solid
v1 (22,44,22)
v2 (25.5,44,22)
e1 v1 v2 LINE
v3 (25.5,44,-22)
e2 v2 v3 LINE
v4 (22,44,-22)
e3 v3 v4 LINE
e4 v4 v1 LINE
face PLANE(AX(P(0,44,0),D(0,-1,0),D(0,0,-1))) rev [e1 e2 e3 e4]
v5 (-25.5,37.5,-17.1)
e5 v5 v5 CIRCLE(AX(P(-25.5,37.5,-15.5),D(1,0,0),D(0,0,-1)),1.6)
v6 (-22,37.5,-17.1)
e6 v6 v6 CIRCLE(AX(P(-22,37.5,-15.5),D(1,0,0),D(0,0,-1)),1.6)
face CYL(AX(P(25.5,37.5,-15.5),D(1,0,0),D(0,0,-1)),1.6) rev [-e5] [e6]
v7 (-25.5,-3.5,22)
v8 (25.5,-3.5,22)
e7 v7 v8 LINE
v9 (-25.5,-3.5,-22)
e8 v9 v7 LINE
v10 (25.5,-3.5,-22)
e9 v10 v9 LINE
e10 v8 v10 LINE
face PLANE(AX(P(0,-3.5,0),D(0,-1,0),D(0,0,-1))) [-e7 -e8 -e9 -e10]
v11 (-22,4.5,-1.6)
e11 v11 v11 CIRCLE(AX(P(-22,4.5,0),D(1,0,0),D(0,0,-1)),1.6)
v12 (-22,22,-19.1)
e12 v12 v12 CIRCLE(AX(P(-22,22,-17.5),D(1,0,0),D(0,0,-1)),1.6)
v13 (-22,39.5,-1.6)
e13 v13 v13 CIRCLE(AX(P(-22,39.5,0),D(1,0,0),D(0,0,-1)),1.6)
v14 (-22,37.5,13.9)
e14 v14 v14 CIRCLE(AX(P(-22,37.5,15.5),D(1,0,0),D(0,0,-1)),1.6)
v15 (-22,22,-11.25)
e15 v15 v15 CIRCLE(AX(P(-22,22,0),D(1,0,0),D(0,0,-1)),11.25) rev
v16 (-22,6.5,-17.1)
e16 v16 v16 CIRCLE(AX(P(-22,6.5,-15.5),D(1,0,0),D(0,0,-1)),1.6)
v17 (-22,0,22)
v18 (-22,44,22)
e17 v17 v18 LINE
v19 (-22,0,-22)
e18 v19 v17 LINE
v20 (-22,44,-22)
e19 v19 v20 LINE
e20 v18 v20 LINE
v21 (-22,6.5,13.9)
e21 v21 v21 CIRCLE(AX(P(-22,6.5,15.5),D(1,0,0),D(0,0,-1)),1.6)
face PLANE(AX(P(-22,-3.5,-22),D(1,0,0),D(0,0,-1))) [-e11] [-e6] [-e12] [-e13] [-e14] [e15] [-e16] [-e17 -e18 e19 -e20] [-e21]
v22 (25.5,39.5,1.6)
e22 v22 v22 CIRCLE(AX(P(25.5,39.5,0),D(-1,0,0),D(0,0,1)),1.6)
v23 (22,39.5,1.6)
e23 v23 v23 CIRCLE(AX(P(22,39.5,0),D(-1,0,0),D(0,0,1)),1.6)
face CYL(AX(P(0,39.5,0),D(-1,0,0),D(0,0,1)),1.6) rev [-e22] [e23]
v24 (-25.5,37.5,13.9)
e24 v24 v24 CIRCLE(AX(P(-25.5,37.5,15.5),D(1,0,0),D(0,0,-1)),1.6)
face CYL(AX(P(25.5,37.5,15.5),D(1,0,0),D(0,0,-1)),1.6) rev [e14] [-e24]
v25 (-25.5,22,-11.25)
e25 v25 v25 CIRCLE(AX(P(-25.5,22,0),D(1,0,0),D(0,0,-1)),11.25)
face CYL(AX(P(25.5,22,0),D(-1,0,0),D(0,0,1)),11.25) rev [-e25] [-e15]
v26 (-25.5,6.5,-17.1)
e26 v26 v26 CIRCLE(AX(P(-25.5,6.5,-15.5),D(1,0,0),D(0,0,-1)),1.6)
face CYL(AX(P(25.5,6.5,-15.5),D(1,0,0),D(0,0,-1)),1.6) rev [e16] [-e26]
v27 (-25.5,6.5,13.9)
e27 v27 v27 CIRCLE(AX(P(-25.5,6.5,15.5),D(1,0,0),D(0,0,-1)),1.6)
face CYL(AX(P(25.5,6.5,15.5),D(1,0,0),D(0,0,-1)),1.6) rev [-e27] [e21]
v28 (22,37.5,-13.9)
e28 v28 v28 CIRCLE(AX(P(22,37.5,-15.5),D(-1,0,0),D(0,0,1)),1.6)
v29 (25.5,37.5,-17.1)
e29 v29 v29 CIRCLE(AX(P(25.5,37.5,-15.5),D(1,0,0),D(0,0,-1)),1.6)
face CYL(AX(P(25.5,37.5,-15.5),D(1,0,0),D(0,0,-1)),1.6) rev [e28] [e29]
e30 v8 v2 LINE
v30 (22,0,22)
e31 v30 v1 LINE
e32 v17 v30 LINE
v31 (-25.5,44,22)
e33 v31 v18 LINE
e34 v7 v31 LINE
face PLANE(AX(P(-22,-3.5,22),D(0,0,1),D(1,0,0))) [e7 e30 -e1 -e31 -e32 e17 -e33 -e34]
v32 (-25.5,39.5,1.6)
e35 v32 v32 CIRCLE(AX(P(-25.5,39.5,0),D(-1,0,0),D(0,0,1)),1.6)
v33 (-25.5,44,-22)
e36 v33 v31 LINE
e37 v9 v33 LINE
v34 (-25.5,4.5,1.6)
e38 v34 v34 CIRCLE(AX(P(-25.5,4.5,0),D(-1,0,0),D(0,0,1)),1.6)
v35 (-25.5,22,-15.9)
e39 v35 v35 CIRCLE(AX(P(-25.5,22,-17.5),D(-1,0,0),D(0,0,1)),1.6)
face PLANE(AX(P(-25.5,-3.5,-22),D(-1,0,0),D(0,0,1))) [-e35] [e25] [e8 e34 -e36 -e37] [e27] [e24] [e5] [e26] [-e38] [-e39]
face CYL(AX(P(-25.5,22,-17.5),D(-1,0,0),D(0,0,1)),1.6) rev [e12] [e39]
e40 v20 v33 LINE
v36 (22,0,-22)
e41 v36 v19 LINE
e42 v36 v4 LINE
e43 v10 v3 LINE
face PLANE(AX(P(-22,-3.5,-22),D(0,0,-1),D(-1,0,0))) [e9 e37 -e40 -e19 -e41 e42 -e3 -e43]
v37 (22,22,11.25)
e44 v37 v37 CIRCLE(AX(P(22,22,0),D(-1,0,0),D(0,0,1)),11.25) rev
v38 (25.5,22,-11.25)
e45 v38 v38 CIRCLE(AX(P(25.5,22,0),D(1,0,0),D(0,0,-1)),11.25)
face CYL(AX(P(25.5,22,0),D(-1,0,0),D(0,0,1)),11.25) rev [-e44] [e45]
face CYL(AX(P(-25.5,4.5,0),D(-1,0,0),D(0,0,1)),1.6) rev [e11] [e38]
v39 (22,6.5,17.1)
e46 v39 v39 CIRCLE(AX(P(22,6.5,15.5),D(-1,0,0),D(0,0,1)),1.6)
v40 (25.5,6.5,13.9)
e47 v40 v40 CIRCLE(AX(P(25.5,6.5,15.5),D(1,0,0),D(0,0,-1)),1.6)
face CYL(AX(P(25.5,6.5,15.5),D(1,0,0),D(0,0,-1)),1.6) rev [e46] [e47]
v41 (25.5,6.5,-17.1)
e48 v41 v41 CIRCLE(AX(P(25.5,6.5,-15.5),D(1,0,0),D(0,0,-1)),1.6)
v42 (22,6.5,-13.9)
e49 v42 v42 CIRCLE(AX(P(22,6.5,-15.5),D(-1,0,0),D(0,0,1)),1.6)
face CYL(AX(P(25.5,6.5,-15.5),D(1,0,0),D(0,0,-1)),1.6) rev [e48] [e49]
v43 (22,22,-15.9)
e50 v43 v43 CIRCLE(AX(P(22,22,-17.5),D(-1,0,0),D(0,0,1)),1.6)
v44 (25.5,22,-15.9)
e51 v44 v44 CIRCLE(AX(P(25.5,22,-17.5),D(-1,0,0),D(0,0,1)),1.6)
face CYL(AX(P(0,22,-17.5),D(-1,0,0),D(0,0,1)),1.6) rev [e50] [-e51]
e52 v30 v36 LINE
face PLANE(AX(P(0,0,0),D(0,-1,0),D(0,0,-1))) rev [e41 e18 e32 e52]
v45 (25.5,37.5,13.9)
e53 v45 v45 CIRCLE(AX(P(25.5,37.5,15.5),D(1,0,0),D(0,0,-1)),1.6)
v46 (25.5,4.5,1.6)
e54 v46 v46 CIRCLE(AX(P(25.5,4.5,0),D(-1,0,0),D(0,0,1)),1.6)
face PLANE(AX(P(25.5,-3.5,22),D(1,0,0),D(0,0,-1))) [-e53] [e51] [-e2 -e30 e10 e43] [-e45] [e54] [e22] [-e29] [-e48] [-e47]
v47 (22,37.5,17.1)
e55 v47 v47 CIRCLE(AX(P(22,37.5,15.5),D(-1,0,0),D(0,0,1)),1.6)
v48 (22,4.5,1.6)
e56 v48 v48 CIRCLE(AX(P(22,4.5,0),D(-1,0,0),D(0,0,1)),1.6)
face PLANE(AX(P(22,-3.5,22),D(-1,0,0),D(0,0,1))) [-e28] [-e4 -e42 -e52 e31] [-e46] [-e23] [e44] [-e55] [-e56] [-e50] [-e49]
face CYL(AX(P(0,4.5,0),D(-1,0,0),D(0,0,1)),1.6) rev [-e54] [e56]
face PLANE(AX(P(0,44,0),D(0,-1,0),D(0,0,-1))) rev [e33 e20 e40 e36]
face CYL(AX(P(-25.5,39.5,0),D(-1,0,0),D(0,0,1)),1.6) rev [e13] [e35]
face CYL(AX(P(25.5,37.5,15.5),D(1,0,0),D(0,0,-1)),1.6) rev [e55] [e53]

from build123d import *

# Parameters (mm, degrees)
SKETCH1_W                     = 44
SKETCH1_H                     = 44
BOSS_EXTRUDE1_DEPTH           = 3.5
SKETCH3_W                     = 3.5
SKETCH3_H                     = 44
BOSS_EXTRUDE2_DEPTH           = 44
BOSS_EXTRUDE2_DEPTH_BACK      = 3.5
SKETCH4_W                     = 3.5
SKETCH4_H                     = 44
BOSS_EXTRUDE3_DEPTH           = 44
BOSS_EXTRUDE3_DEPTH_BACK      = 3.5
SKETCH5_R                     = 11.25
CUT_EXTRUDE1_DEPTH            = 26.5
CUT_EXTRUDE1_DEPTH_BACK       = 26.5
M3_CLEARANCE_HOLE1_D          = 3.2
SKETCH16_W                    = 1.6
SKETCH16_H                    = 25.5
M3_CLEARANCE_HOLE2_AT_2_COUNT = 2
M3_CLEARANCE_HOLE2_AT_2_PITCH = 24.748737342
M3_CLEARANCE_HOLE2_AT_3_COUNT = 2
M3_CLEARANCE_HOLE2_AT_3_PITCH = 24.748737342
M3_CLEARANCE_HOLE3_D          = 3.2


with BuildPart() as part:
    # Sketch1 → Boss-Extrude1 (new body)
    with BuildSketch(Plane(origin=(0, 0, 0), x_dir=(1, 0, 0), z_dir=(0, 1, 0))):
        Rectangle(SKETCH1_W, SKETCH1_H)
    extrude(amount=-BOSS_EXTRUDE1_DEPTH)

    # Sketch3 → Boss-Extrude2 (add, two sides)
    with BuildSketch(Plane(origin=(0, 0, 0), x_dir=(1, 0, 0), z_dir=(0, 1, 0))) as boss_extrude2_sk:
        with Locations((23.75, 0)):
            Rectangle(SKETCH3_W, SKETCH3_H)
    extrude(amount=BOSS_EXTRUDE2_DEPTH)
    extrude(boss_extrude2_sk.sketch, amount=-BOSS_EXTRUDE2_DEPTH_BACK)

    # Sketch4 → Boss-Extrude3 (add, two sides)
    with BuildSketch(Plane(origin=(0, 0, 0), x_dir=(1, 0, 0), z_dir=(0, 1, 0))) as boss_extrude3_sk:
        with Locations((-23.75, 0)):
            Rectangle(SKETCH4_W, SKETCH4_H)
    extrude(amount=BOSS_EXTRUDE3_DEPTH)
    extrude(boss_extrude3_sk.sketch, amount=-BOSS_EXTRUDE3_DEPTH_BACK)

    # Sketch5 → Cut-Extrude1 (cut, two sides)
    with BuildSketch(Plane(origin=(0, 0, 0), x_dir=(0, 0, -1), z_dir=(1, 0, 0))) as cut_extrude1_sk:
        with Locations((0, 22)):
            Circle(SKETCH5_R)
    extrude(amount=CUT_EXTRUDE1_DEPTH, mode=Mode.SUBTRACT)
    extrude(cut_extrude1_sk.sketch, amount=-CUT_EXTRUDE1_DEPTH_BACK, mode=Mode.SUBTRACT)

    # M3 Clearance Hole1 (through all)
    with Locations(Plane(origin=(25.5, 0, 0), x_dir=(0, 0, -1), z_dir=(1, 0, 0))):
        with Locations((-15.5, 6.5), (-15.5, 37.5), (15.5, 37.5), (15.5, 6.5)):
            Hole(M3_CLEARANCE_HOLE1_D / 2)

    # Sketch16 → M3 Clearance Hole2 (revolve, cut)
    with BuildSketch(Plane(origin=(0, 22, -17.5), x_dir=(0, 0, 1), z_dir=(0, 1, 0))):
        with Locations((0.8, 12.75)):
            Rectangle(SKETCH16_W, SKETCH16_H)
    m3_clearance_hole2 = revolve(axis=Axis((-6.35, 22, -17.5), (1, 0, 0)), mode=Mode.SUBTRACT)

    # M3 Clearance Hole2 at 2: M3 Clearance Hole2 ×2
    with Locations(*[Vector(0, 0.707106781, 0.707106781) * (i * M3_CLEARANCE_HOLE2_AT_2_PITCH) for i in range(1, M3_CLEARANCE_HOLE2_AT_2_COUNT)]):
        add(m3_clearance_hole2, mode=Mode.SUBTRACT)

    # M3 Clearance Hole2 at 3: M3 Clearance Hole2 ×2
    with Locations(*[Vector(0, -0.707106781, 0.707106781) * (i * M3_CLEARANCE_HOLE2_AT_3_PITCH) for i in range(1, M3_CLEARANCE_HOLE2_AT_3_COUNT)]):
        add(m3_clearance_hole2, mode=Mode.SUBTRACT)

    # M3 Clearance Hole3 (through all)
    with Locations(Plane.ZY.offset(25.5)):
        with Locations((0, 4.5), (0, 39.5), (-17.5, 22)):
            Hole(M3_CLEARANCE_HOLE3_D / 2)


solid = part.part
